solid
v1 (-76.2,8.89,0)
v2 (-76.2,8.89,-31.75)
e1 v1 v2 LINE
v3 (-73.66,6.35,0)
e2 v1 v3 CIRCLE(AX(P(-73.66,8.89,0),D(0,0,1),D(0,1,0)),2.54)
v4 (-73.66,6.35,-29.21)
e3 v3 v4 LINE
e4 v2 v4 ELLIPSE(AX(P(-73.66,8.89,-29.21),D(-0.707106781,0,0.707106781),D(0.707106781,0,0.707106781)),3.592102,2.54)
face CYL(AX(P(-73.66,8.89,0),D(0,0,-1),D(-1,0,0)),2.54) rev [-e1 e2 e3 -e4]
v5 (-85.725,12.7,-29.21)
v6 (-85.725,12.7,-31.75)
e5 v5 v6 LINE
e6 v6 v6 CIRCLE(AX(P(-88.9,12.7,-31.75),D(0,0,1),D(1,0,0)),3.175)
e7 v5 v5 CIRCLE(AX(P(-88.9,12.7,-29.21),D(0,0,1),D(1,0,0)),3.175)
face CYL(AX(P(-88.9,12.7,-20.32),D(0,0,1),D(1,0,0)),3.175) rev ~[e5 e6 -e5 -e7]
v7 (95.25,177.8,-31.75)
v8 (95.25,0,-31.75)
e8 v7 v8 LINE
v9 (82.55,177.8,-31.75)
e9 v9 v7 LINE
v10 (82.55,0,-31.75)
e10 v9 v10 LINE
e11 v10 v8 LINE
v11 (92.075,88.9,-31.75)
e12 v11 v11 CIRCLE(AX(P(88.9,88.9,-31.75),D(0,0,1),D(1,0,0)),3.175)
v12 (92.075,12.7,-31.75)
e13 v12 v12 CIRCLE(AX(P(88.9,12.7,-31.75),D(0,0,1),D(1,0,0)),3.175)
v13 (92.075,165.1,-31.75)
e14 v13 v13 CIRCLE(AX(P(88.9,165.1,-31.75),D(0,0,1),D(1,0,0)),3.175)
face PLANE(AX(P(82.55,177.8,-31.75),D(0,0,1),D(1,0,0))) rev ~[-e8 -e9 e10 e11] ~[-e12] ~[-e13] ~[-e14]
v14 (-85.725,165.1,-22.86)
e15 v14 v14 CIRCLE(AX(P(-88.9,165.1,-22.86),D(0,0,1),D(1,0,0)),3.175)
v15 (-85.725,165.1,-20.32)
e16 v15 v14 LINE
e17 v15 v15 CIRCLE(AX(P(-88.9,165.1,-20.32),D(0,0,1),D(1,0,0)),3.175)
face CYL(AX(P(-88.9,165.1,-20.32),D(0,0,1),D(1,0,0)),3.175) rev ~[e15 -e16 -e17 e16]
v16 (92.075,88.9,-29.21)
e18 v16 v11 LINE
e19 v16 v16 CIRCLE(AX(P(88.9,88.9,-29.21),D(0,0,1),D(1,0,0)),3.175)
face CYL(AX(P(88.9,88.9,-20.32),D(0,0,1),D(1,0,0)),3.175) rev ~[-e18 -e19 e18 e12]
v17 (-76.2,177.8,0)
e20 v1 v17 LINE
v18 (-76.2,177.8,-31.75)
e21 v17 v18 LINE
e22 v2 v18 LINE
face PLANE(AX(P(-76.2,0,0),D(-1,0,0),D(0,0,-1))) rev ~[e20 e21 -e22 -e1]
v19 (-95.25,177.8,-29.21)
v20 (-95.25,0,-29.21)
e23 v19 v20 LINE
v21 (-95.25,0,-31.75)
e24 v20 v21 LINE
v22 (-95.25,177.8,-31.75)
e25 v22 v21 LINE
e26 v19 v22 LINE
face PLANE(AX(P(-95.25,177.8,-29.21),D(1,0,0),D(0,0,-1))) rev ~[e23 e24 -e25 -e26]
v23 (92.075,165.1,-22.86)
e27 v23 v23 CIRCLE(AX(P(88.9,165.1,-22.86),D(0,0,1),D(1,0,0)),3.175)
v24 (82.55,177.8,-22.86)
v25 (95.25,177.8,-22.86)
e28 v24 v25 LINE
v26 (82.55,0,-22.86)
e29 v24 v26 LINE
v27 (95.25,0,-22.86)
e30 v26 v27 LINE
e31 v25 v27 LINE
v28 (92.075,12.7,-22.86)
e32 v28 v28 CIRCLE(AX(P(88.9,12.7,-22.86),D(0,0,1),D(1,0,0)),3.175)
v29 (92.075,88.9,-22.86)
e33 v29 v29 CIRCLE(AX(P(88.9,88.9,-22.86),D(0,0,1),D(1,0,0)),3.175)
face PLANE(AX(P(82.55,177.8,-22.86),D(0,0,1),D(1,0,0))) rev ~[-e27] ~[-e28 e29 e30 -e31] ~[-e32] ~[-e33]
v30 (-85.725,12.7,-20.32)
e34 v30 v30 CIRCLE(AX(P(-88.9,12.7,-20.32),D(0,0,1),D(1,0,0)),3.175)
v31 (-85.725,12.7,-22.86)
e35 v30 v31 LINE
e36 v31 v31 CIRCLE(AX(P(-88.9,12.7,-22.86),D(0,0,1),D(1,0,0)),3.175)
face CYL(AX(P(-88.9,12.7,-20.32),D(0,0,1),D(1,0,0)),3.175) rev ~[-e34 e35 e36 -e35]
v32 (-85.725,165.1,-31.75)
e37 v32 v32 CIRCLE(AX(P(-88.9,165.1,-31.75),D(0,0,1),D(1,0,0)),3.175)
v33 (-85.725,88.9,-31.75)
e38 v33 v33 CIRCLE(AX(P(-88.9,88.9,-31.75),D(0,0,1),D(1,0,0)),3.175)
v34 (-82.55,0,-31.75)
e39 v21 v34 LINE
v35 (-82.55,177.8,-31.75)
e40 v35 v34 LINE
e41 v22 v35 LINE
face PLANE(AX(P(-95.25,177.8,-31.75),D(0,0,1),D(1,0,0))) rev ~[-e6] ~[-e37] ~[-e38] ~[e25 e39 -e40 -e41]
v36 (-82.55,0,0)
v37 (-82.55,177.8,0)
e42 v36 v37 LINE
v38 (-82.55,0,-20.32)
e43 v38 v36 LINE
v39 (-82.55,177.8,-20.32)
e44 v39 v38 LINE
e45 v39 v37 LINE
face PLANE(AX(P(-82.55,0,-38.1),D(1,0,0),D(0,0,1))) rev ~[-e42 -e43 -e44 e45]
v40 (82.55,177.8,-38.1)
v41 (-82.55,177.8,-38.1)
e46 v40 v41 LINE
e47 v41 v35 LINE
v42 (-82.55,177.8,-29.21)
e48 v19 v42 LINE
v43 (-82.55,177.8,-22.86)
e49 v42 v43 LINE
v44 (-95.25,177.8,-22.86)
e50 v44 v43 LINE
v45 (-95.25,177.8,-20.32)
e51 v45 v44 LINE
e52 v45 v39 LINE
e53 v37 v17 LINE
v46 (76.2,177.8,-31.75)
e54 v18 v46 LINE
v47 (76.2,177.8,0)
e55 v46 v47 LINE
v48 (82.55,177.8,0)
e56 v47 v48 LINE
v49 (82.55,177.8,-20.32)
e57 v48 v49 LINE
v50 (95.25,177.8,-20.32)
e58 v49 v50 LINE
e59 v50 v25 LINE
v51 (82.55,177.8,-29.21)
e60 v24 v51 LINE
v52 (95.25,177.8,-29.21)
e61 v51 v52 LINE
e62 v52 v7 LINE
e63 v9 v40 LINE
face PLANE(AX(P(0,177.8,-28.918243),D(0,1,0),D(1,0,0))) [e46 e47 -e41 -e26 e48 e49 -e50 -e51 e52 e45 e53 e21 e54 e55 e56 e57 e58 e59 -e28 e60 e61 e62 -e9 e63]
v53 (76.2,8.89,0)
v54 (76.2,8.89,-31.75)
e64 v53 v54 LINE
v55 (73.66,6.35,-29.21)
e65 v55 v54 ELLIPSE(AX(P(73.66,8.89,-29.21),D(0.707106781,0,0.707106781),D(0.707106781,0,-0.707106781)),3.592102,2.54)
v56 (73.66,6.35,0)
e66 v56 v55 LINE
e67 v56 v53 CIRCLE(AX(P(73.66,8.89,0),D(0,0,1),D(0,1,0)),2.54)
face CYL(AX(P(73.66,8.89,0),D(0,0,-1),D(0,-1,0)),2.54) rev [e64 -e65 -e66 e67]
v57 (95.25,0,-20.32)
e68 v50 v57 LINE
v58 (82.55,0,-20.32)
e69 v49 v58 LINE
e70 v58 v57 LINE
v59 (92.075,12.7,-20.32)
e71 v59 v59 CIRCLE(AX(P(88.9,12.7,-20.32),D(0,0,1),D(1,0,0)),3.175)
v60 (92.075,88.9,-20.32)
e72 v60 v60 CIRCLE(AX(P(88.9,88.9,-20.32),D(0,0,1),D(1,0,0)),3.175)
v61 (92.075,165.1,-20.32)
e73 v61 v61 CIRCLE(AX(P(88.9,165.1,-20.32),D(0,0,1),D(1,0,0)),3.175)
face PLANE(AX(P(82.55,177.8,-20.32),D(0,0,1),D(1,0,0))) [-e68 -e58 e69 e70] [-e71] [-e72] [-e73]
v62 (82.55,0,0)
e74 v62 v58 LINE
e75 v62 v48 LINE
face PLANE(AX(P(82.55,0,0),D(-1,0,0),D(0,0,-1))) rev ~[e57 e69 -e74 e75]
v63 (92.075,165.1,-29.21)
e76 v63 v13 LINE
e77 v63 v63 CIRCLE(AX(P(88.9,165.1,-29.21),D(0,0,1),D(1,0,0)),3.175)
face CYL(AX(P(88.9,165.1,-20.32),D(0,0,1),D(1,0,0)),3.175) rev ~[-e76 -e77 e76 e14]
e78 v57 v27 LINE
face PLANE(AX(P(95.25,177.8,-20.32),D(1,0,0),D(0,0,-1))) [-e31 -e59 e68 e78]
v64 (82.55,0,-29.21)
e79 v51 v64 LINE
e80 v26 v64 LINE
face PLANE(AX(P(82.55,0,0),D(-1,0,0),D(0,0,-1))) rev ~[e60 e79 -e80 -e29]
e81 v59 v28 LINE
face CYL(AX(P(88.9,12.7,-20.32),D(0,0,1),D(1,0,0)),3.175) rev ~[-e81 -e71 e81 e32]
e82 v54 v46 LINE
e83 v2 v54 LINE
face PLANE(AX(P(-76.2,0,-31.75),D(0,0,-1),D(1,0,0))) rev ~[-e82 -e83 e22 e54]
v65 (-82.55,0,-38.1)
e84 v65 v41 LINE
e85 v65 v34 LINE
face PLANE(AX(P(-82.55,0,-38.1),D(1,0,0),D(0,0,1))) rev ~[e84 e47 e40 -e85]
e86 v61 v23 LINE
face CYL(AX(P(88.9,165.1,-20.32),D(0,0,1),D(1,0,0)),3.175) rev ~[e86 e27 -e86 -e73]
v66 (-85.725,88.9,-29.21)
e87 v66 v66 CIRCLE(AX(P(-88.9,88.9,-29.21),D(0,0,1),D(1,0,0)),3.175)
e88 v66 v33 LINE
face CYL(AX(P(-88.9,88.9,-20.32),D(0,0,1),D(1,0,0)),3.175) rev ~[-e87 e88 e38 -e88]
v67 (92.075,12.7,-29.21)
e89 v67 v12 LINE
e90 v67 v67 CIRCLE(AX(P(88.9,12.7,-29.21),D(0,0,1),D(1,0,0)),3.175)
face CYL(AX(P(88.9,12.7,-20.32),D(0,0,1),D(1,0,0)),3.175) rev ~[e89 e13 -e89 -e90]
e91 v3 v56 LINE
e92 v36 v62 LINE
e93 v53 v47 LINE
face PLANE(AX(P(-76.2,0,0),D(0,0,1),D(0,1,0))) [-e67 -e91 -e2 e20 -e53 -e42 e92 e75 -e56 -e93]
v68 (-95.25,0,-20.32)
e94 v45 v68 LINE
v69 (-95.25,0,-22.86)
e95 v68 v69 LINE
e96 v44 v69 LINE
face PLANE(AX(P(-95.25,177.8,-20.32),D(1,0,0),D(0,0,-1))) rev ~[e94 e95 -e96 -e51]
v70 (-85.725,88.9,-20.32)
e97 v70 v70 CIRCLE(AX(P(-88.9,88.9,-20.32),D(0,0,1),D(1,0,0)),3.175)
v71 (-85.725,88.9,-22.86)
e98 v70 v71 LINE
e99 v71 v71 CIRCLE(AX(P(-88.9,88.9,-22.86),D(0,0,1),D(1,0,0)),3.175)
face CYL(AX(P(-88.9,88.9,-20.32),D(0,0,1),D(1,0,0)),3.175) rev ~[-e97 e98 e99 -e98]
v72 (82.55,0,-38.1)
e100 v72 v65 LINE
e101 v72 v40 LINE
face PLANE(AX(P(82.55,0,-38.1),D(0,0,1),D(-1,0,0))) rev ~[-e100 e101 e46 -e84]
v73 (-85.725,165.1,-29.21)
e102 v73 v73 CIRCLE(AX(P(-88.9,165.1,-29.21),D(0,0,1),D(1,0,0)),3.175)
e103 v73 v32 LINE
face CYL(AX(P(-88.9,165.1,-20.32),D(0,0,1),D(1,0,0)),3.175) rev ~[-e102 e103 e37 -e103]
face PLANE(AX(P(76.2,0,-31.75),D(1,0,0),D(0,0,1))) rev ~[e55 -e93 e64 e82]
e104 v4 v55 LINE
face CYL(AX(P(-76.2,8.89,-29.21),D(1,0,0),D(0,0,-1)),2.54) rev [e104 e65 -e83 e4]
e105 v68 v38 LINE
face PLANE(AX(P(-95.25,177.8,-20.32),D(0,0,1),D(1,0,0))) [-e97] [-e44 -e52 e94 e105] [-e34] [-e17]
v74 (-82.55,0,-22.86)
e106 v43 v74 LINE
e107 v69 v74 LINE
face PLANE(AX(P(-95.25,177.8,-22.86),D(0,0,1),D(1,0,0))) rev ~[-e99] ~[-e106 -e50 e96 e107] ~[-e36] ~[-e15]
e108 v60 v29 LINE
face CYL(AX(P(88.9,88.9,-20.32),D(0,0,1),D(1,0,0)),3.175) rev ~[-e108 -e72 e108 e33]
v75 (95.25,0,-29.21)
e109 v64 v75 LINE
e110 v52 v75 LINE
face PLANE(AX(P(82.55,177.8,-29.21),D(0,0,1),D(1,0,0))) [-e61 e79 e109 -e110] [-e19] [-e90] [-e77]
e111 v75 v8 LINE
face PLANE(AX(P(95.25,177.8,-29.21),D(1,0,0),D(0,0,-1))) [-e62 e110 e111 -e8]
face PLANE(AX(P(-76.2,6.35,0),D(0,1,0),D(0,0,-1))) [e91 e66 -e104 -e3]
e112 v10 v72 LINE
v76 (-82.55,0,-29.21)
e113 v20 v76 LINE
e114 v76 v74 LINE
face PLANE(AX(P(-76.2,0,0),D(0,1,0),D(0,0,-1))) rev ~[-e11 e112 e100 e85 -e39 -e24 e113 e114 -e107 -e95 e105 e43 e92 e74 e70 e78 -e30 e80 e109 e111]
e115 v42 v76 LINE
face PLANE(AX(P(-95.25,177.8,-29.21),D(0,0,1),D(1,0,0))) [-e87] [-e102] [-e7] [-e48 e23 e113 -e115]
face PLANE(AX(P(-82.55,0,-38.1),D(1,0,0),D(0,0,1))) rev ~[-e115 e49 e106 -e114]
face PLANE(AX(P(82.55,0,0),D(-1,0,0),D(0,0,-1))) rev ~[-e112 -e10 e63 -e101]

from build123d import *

# Parameters (mm, degrees)
BOSS_EXTRUDE1_DEPTH = 177.8
SKETCH2_W           = 12.7
SKETCH2_H           = 2.54
BOSS_EXTRUDE2_DEPTH = 177.8
SKETCH3_R           = 3.175
CUT_EXTRUDE1_DEPTH  = 203.727168628
SKETCH4_W           = 31.75
SKETCH4_H           = 6.35
BOSS_EXTRUDE3_DEPTH = 152.4
FILLET1_R           = 2.54


with BuildPart() as part:
    # Sketch1 → Boss-Extrude1 (new body)
    with BuildSketch(Plane(origin=(0, 0, 0), x_dir=(1, 0, 0), z_dir=(0, 1, 0))):
        Polygon((76.2, 0), (82.55, 0), (82.55, 38.1), (-82.55, 38.1), (-82.55, 0), (-76.2, 0), (-76.2, 31.75), (76.2, 31.75), align=None)
    extrude(amount=BOSS_EXTRUDE1_DEPTH)

    # Sketch2 → Boss-Extrude2 (add)
    with BuildSketch(Plane(origin=(0, 177.8, 0), x_dir=(1, 0, 0), z_dir=(0, 1, 0))):
        with Locations((88.9, 30.48)):
            Rectangle(SKETCH2_W, SKETCH2_H)
        with Locations((88.9, 21.59)):
            Rectangle(SKETCH2_W, SKETCH2_H)
        with Locations((-88.9, 21.59)):
            Rectangle(SKETCH2_W, SKETCH2_H)
        with Locations((-88.9, 30.48)):
            Rectangle(SKETCH2_W, SKETCH2_H)
    extrude(amount=-BOSS_EXTRUDE2_DEPTH)

    # Sketch3 → Cut-Extrude1 (cut, through all)
    with BuildSketch(Plane.XY.offset(-20.32)):
        with Locations((88.9, 12.7)):
            Circle(SKETCH3_R)
        with Locations((88.9, 88.9)):
            Circle(SKETCH3_R)
        with Locations((88.9, 165.1)):
            Circle(SKETCH3_R)
        with Locations((-88.9, 12.7)):
            Circle(SKETCH3_R)
        with Locations((-88.9, 165.1)):
            Circle(SKETCH3_R)
        with Locations((-88.9, 88.9)):
            Circle(SKETCH3_R)
    extrude(amount=-CUT_EXTRUDE1_DEPTH, mode=Mode.SUBTRACT)

    # Sketch4 → Boss-Extrude3 (add)
    with BuildSketch(Plane(origin=(-76.2, 0, 0), x_dir=(0, 0, -1), z_dir=(1, 0, 0))):
        with Locations((15.875, 3.175)):
            Rectangle(SKETCH4_W, SKETCH4_H)
    extrude(amount=BOSS_EXTRUDE3_DEPTH)

    # Fillet1
    fillet1_edges = [part.edges().sort_by_distance(p)[0] for p in [
        (76.2, 6.35, -15.875),
        (0, 6.35, -31.75),
        (-76.2, 6.35, -15.875),
    ]]
    fillet(fillet1_edges, radius=FILLET1_R)


solid = part.part
